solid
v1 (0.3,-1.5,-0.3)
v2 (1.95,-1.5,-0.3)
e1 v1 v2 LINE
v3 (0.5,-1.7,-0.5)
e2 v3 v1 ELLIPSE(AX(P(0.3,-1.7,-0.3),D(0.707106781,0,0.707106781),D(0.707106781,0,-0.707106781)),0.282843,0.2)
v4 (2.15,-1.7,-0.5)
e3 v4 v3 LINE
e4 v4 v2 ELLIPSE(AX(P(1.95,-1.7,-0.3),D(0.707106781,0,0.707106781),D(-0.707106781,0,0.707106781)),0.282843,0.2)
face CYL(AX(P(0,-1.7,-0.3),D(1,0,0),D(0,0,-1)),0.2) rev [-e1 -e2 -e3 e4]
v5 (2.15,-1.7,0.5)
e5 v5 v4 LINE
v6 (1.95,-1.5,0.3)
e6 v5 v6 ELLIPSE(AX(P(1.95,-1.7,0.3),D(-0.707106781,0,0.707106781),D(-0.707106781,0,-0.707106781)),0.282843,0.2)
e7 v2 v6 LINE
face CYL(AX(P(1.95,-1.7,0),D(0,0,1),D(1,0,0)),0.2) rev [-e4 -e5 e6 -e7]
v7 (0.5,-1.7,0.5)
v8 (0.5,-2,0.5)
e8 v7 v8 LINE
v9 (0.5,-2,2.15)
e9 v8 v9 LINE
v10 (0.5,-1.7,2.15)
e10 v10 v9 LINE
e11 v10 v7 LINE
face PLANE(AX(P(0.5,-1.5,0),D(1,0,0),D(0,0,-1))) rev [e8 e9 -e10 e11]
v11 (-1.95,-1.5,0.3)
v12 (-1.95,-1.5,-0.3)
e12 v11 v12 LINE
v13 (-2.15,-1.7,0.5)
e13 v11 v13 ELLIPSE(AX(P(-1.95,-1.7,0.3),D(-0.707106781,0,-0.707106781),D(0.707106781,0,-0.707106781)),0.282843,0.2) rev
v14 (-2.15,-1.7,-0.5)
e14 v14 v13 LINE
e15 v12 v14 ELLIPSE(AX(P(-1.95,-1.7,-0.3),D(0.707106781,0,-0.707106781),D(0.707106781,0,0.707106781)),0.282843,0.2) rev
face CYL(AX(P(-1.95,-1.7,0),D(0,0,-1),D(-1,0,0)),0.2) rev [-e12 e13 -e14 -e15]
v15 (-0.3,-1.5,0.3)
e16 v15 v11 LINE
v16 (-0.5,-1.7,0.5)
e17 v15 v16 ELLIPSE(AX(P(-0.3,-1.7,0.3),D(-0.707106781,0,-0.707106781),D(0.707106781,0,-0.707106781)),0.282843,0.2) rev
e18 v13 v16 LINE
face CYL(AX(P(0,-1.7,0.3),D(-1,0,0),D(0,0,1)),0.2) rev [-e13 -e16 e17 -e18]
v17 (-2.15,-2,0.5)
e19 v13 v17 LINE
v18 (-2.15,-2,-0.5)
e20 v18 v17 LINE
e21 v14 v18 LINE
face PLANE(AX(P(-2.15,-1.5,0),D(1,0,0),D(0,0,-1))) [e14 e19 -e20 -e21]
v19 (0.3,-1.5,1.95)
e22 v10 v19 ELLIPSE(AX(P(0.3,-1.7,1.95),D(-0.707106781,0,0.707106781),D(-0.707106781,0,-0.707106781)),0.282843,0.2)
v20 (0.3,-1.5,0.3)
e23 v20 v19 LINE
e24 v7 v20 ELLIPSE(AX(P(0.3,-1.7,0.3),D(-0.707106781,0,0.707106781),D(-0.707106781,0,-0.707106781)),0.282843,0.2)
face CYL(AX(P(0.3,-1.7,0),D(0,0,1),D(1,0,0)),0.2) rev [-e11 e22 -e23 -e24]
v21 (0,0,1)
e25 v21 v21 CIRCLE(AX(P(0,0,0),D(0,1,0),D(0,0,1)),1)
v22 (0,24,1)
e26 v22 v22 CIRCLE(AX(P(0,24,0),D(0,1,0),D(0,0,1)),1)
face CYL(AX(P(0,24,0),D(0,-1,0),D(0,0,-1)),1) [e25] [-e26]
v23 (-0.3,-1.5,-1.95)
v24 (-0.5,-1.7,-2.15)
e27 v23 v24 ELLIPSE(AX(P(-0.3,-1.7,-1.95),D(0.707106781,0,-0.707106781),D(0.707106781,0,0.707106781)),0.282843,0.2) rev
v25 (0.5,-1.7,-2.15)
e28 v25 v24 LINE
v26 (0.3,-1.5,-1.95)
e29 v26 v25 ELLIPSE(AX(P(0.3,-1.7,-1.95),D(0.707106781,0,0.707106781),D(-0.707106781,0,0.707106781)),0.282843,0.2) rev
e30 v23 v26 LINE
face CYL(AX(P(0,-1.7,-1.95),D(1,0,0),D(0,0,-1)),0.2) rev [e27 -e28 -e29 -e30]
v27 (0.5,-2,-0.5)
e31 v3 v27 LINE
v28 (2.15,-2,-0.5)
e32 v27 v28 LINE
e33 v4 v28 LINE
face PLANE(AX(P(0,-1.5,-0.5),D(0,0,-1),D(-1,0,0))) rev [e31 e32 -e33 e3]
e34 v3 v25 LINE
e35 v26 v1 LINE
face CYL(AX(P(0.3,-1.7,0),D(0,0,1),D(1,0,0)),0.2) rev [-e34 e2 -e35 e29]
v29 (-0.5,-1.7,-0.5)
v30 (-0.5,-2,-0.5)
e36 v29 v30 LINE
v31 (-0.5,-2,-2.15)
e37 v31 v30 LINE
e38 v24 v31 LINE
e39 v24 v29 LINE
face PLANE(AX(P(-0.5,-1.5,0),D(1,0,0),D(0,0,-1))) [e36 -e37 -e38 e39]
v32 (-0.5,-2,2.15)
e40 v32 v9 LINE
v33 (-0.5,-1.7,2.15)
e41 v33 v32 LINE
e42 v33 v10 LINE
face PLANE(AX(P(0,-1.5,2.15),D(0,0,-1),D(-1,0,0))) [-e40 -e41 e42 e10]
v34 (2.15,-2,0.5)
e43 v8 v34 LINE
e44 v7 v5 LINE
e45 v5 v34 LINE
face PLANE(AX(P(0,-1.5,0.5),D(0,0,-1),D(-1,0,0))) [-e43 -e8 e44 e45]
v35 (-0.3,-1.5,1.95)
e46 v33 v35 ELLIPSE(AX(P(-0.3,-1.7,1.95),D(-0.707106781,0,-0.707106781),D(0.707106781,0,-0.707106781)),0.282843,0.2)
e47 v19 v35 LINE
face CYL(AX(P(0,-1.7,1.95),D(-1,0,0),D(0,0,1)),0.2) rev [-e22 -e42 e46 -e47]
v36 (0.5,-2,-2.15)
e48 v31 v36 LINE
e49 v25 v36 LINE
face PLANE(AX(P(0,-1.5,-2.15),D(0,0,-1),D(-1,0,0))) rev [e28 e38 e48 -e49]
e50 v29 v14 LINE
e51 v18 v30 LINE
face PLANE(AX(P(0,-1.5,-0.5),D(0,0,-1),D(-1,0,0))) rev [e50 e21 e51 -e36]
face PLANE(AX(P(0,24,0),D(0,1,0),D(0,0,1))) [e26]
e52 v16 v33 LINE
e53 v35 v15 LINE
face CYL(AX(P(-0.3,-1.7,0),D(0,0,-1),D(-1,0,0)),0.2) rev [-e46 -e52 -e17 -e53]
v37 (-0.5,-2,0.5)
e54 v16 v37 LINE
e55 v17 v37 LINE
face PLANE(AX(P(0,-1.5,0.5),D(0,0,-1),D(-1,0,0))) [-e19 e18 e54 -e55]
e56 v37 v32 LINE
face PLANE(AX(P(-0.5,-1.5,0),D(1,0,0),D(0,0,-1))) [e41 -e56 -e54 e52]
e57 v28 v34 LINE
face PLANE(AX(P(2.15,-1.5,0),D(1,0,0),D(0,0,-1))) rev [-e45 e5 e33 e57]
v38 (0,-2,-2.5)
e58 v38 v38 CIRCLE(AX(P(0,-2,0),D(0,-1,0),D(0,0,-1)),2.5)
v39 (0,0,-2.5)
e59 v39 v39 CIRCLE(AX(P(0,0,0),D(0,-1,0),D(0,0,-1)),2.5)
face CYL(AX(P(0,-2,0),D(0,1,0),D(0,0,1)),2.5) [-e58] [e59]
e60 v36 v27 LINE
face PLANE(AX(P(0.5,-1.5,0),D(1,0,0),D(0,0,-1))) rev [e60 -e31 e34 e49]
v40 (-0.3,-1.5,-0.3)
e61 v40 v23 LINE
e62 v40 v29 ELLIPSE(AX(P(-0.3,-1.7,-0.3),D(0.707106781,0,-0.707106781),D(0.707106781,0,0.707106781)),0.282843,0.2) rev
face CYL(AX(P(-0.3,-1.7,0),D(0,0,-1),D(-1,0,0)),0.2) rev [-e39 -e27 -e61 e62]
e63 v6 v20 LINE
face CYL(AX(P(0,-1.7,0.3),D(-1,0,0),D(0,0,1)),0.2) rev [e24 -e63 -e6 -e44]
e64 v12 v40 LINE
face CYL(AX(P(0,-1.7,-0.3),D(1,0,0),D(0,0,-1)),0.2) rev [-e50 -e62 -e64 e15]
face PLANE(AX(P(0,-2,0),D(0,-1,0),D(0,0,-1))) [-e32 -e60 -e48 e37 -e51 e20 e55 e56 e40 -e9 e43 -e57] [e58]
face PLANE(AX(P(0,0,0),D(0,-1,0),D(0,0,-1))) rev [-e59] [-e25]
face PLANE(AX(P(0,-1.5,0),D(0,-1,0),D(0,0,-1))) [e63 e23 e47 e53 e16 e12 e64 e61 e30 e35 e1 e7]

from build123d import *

# Parameters (mm, degrees)
SKETCH1_R           = 1
BOSS_EXTRUDE1_DEPTH = 24
SKETCH2_R           = 2.5
BOSS_EXTRUDE2_DEPTH = 2
SKETCH3_W           = 1.65
SKETCH3_H           = 1
SKETCH3_W_2         = 1
SKETCH3_H_2         = 1.65
CUT_EXTRUDE1_DEPTH  = 0.5
FILLET1_R           = 0.2


with BuildPart() as part:
    # Sketch1 → Boss-Extrude1 (new body)
    with BuildSketch(Plane(origin=(0, 0, 0), x_dir=(1, 0, 0), z_dir=(0, 1, 0))):
        with Locations(Location((0, 0, 0), (0, 0, 270))):
            Circle(SKETCH1_R)
    extrude(amount=BOSS_EXTRUDE1_DEPTH)

    # Sketch2 → Boss-Extrude2 (add)
    with BuildSketch(Plane.XZ):
        with Locations(Location((0, 0, 0), (0, 0, 270))):
            Circle(SKETCH2_R)
    extrude(amount=BOSS_EXTRUDE2_DEPTH)

    # Sketch3 → Cut-Extrude1 (cut)
    with BuildSketch(Plane.XZ.offset(2)):
        with Locations((1.325, 0)):
            Rectangle(SKETCH3_W, SKETCH3_H)
        with Locations((0, -1.325)):
            Rectangle(SKETCH3_W_2, SKETCH3_H_2)
        with Locations((-1.325, 0)):
            Rectangle(SKETCH3_W, SKETCH3_H)
        with Locations((0, 1.325)):
            Rectangle(SKETCH3_W_2, SKETCH3_H_2)
        Rectangle(SKETCH3_W_2, SKETCH3_H)
    extrude(amount=-CUT_EXTRUDE1_DEPTH, mode=Mode.SUBTRACT)

    # Fillet1
    fillet1_edges = [part.edges().sort_by_distance(p)[0] for p in [
        (1.325, -1.5, -0.5),
        (0.5, -1.5, -1.325),
        (0, -1.5, -2.15),
        (-1.325, -1.5, -0.5),
        (0.5, -1.5, 1.325),
        (2.15, -1.5, 0),
        (-0.5, -1.5, -1.325),
        (-2.15, -1.5, 0),
        (-1.325, -1.5, 0.5),
        (-0.5, -1.5, 1.325),
        (0, -1.5, 2.15),
        (1.325, -1.5, 0.5),
    ]]
    fillet(fillet1_edges, radius=FILLET1_R)


solid = part.part
